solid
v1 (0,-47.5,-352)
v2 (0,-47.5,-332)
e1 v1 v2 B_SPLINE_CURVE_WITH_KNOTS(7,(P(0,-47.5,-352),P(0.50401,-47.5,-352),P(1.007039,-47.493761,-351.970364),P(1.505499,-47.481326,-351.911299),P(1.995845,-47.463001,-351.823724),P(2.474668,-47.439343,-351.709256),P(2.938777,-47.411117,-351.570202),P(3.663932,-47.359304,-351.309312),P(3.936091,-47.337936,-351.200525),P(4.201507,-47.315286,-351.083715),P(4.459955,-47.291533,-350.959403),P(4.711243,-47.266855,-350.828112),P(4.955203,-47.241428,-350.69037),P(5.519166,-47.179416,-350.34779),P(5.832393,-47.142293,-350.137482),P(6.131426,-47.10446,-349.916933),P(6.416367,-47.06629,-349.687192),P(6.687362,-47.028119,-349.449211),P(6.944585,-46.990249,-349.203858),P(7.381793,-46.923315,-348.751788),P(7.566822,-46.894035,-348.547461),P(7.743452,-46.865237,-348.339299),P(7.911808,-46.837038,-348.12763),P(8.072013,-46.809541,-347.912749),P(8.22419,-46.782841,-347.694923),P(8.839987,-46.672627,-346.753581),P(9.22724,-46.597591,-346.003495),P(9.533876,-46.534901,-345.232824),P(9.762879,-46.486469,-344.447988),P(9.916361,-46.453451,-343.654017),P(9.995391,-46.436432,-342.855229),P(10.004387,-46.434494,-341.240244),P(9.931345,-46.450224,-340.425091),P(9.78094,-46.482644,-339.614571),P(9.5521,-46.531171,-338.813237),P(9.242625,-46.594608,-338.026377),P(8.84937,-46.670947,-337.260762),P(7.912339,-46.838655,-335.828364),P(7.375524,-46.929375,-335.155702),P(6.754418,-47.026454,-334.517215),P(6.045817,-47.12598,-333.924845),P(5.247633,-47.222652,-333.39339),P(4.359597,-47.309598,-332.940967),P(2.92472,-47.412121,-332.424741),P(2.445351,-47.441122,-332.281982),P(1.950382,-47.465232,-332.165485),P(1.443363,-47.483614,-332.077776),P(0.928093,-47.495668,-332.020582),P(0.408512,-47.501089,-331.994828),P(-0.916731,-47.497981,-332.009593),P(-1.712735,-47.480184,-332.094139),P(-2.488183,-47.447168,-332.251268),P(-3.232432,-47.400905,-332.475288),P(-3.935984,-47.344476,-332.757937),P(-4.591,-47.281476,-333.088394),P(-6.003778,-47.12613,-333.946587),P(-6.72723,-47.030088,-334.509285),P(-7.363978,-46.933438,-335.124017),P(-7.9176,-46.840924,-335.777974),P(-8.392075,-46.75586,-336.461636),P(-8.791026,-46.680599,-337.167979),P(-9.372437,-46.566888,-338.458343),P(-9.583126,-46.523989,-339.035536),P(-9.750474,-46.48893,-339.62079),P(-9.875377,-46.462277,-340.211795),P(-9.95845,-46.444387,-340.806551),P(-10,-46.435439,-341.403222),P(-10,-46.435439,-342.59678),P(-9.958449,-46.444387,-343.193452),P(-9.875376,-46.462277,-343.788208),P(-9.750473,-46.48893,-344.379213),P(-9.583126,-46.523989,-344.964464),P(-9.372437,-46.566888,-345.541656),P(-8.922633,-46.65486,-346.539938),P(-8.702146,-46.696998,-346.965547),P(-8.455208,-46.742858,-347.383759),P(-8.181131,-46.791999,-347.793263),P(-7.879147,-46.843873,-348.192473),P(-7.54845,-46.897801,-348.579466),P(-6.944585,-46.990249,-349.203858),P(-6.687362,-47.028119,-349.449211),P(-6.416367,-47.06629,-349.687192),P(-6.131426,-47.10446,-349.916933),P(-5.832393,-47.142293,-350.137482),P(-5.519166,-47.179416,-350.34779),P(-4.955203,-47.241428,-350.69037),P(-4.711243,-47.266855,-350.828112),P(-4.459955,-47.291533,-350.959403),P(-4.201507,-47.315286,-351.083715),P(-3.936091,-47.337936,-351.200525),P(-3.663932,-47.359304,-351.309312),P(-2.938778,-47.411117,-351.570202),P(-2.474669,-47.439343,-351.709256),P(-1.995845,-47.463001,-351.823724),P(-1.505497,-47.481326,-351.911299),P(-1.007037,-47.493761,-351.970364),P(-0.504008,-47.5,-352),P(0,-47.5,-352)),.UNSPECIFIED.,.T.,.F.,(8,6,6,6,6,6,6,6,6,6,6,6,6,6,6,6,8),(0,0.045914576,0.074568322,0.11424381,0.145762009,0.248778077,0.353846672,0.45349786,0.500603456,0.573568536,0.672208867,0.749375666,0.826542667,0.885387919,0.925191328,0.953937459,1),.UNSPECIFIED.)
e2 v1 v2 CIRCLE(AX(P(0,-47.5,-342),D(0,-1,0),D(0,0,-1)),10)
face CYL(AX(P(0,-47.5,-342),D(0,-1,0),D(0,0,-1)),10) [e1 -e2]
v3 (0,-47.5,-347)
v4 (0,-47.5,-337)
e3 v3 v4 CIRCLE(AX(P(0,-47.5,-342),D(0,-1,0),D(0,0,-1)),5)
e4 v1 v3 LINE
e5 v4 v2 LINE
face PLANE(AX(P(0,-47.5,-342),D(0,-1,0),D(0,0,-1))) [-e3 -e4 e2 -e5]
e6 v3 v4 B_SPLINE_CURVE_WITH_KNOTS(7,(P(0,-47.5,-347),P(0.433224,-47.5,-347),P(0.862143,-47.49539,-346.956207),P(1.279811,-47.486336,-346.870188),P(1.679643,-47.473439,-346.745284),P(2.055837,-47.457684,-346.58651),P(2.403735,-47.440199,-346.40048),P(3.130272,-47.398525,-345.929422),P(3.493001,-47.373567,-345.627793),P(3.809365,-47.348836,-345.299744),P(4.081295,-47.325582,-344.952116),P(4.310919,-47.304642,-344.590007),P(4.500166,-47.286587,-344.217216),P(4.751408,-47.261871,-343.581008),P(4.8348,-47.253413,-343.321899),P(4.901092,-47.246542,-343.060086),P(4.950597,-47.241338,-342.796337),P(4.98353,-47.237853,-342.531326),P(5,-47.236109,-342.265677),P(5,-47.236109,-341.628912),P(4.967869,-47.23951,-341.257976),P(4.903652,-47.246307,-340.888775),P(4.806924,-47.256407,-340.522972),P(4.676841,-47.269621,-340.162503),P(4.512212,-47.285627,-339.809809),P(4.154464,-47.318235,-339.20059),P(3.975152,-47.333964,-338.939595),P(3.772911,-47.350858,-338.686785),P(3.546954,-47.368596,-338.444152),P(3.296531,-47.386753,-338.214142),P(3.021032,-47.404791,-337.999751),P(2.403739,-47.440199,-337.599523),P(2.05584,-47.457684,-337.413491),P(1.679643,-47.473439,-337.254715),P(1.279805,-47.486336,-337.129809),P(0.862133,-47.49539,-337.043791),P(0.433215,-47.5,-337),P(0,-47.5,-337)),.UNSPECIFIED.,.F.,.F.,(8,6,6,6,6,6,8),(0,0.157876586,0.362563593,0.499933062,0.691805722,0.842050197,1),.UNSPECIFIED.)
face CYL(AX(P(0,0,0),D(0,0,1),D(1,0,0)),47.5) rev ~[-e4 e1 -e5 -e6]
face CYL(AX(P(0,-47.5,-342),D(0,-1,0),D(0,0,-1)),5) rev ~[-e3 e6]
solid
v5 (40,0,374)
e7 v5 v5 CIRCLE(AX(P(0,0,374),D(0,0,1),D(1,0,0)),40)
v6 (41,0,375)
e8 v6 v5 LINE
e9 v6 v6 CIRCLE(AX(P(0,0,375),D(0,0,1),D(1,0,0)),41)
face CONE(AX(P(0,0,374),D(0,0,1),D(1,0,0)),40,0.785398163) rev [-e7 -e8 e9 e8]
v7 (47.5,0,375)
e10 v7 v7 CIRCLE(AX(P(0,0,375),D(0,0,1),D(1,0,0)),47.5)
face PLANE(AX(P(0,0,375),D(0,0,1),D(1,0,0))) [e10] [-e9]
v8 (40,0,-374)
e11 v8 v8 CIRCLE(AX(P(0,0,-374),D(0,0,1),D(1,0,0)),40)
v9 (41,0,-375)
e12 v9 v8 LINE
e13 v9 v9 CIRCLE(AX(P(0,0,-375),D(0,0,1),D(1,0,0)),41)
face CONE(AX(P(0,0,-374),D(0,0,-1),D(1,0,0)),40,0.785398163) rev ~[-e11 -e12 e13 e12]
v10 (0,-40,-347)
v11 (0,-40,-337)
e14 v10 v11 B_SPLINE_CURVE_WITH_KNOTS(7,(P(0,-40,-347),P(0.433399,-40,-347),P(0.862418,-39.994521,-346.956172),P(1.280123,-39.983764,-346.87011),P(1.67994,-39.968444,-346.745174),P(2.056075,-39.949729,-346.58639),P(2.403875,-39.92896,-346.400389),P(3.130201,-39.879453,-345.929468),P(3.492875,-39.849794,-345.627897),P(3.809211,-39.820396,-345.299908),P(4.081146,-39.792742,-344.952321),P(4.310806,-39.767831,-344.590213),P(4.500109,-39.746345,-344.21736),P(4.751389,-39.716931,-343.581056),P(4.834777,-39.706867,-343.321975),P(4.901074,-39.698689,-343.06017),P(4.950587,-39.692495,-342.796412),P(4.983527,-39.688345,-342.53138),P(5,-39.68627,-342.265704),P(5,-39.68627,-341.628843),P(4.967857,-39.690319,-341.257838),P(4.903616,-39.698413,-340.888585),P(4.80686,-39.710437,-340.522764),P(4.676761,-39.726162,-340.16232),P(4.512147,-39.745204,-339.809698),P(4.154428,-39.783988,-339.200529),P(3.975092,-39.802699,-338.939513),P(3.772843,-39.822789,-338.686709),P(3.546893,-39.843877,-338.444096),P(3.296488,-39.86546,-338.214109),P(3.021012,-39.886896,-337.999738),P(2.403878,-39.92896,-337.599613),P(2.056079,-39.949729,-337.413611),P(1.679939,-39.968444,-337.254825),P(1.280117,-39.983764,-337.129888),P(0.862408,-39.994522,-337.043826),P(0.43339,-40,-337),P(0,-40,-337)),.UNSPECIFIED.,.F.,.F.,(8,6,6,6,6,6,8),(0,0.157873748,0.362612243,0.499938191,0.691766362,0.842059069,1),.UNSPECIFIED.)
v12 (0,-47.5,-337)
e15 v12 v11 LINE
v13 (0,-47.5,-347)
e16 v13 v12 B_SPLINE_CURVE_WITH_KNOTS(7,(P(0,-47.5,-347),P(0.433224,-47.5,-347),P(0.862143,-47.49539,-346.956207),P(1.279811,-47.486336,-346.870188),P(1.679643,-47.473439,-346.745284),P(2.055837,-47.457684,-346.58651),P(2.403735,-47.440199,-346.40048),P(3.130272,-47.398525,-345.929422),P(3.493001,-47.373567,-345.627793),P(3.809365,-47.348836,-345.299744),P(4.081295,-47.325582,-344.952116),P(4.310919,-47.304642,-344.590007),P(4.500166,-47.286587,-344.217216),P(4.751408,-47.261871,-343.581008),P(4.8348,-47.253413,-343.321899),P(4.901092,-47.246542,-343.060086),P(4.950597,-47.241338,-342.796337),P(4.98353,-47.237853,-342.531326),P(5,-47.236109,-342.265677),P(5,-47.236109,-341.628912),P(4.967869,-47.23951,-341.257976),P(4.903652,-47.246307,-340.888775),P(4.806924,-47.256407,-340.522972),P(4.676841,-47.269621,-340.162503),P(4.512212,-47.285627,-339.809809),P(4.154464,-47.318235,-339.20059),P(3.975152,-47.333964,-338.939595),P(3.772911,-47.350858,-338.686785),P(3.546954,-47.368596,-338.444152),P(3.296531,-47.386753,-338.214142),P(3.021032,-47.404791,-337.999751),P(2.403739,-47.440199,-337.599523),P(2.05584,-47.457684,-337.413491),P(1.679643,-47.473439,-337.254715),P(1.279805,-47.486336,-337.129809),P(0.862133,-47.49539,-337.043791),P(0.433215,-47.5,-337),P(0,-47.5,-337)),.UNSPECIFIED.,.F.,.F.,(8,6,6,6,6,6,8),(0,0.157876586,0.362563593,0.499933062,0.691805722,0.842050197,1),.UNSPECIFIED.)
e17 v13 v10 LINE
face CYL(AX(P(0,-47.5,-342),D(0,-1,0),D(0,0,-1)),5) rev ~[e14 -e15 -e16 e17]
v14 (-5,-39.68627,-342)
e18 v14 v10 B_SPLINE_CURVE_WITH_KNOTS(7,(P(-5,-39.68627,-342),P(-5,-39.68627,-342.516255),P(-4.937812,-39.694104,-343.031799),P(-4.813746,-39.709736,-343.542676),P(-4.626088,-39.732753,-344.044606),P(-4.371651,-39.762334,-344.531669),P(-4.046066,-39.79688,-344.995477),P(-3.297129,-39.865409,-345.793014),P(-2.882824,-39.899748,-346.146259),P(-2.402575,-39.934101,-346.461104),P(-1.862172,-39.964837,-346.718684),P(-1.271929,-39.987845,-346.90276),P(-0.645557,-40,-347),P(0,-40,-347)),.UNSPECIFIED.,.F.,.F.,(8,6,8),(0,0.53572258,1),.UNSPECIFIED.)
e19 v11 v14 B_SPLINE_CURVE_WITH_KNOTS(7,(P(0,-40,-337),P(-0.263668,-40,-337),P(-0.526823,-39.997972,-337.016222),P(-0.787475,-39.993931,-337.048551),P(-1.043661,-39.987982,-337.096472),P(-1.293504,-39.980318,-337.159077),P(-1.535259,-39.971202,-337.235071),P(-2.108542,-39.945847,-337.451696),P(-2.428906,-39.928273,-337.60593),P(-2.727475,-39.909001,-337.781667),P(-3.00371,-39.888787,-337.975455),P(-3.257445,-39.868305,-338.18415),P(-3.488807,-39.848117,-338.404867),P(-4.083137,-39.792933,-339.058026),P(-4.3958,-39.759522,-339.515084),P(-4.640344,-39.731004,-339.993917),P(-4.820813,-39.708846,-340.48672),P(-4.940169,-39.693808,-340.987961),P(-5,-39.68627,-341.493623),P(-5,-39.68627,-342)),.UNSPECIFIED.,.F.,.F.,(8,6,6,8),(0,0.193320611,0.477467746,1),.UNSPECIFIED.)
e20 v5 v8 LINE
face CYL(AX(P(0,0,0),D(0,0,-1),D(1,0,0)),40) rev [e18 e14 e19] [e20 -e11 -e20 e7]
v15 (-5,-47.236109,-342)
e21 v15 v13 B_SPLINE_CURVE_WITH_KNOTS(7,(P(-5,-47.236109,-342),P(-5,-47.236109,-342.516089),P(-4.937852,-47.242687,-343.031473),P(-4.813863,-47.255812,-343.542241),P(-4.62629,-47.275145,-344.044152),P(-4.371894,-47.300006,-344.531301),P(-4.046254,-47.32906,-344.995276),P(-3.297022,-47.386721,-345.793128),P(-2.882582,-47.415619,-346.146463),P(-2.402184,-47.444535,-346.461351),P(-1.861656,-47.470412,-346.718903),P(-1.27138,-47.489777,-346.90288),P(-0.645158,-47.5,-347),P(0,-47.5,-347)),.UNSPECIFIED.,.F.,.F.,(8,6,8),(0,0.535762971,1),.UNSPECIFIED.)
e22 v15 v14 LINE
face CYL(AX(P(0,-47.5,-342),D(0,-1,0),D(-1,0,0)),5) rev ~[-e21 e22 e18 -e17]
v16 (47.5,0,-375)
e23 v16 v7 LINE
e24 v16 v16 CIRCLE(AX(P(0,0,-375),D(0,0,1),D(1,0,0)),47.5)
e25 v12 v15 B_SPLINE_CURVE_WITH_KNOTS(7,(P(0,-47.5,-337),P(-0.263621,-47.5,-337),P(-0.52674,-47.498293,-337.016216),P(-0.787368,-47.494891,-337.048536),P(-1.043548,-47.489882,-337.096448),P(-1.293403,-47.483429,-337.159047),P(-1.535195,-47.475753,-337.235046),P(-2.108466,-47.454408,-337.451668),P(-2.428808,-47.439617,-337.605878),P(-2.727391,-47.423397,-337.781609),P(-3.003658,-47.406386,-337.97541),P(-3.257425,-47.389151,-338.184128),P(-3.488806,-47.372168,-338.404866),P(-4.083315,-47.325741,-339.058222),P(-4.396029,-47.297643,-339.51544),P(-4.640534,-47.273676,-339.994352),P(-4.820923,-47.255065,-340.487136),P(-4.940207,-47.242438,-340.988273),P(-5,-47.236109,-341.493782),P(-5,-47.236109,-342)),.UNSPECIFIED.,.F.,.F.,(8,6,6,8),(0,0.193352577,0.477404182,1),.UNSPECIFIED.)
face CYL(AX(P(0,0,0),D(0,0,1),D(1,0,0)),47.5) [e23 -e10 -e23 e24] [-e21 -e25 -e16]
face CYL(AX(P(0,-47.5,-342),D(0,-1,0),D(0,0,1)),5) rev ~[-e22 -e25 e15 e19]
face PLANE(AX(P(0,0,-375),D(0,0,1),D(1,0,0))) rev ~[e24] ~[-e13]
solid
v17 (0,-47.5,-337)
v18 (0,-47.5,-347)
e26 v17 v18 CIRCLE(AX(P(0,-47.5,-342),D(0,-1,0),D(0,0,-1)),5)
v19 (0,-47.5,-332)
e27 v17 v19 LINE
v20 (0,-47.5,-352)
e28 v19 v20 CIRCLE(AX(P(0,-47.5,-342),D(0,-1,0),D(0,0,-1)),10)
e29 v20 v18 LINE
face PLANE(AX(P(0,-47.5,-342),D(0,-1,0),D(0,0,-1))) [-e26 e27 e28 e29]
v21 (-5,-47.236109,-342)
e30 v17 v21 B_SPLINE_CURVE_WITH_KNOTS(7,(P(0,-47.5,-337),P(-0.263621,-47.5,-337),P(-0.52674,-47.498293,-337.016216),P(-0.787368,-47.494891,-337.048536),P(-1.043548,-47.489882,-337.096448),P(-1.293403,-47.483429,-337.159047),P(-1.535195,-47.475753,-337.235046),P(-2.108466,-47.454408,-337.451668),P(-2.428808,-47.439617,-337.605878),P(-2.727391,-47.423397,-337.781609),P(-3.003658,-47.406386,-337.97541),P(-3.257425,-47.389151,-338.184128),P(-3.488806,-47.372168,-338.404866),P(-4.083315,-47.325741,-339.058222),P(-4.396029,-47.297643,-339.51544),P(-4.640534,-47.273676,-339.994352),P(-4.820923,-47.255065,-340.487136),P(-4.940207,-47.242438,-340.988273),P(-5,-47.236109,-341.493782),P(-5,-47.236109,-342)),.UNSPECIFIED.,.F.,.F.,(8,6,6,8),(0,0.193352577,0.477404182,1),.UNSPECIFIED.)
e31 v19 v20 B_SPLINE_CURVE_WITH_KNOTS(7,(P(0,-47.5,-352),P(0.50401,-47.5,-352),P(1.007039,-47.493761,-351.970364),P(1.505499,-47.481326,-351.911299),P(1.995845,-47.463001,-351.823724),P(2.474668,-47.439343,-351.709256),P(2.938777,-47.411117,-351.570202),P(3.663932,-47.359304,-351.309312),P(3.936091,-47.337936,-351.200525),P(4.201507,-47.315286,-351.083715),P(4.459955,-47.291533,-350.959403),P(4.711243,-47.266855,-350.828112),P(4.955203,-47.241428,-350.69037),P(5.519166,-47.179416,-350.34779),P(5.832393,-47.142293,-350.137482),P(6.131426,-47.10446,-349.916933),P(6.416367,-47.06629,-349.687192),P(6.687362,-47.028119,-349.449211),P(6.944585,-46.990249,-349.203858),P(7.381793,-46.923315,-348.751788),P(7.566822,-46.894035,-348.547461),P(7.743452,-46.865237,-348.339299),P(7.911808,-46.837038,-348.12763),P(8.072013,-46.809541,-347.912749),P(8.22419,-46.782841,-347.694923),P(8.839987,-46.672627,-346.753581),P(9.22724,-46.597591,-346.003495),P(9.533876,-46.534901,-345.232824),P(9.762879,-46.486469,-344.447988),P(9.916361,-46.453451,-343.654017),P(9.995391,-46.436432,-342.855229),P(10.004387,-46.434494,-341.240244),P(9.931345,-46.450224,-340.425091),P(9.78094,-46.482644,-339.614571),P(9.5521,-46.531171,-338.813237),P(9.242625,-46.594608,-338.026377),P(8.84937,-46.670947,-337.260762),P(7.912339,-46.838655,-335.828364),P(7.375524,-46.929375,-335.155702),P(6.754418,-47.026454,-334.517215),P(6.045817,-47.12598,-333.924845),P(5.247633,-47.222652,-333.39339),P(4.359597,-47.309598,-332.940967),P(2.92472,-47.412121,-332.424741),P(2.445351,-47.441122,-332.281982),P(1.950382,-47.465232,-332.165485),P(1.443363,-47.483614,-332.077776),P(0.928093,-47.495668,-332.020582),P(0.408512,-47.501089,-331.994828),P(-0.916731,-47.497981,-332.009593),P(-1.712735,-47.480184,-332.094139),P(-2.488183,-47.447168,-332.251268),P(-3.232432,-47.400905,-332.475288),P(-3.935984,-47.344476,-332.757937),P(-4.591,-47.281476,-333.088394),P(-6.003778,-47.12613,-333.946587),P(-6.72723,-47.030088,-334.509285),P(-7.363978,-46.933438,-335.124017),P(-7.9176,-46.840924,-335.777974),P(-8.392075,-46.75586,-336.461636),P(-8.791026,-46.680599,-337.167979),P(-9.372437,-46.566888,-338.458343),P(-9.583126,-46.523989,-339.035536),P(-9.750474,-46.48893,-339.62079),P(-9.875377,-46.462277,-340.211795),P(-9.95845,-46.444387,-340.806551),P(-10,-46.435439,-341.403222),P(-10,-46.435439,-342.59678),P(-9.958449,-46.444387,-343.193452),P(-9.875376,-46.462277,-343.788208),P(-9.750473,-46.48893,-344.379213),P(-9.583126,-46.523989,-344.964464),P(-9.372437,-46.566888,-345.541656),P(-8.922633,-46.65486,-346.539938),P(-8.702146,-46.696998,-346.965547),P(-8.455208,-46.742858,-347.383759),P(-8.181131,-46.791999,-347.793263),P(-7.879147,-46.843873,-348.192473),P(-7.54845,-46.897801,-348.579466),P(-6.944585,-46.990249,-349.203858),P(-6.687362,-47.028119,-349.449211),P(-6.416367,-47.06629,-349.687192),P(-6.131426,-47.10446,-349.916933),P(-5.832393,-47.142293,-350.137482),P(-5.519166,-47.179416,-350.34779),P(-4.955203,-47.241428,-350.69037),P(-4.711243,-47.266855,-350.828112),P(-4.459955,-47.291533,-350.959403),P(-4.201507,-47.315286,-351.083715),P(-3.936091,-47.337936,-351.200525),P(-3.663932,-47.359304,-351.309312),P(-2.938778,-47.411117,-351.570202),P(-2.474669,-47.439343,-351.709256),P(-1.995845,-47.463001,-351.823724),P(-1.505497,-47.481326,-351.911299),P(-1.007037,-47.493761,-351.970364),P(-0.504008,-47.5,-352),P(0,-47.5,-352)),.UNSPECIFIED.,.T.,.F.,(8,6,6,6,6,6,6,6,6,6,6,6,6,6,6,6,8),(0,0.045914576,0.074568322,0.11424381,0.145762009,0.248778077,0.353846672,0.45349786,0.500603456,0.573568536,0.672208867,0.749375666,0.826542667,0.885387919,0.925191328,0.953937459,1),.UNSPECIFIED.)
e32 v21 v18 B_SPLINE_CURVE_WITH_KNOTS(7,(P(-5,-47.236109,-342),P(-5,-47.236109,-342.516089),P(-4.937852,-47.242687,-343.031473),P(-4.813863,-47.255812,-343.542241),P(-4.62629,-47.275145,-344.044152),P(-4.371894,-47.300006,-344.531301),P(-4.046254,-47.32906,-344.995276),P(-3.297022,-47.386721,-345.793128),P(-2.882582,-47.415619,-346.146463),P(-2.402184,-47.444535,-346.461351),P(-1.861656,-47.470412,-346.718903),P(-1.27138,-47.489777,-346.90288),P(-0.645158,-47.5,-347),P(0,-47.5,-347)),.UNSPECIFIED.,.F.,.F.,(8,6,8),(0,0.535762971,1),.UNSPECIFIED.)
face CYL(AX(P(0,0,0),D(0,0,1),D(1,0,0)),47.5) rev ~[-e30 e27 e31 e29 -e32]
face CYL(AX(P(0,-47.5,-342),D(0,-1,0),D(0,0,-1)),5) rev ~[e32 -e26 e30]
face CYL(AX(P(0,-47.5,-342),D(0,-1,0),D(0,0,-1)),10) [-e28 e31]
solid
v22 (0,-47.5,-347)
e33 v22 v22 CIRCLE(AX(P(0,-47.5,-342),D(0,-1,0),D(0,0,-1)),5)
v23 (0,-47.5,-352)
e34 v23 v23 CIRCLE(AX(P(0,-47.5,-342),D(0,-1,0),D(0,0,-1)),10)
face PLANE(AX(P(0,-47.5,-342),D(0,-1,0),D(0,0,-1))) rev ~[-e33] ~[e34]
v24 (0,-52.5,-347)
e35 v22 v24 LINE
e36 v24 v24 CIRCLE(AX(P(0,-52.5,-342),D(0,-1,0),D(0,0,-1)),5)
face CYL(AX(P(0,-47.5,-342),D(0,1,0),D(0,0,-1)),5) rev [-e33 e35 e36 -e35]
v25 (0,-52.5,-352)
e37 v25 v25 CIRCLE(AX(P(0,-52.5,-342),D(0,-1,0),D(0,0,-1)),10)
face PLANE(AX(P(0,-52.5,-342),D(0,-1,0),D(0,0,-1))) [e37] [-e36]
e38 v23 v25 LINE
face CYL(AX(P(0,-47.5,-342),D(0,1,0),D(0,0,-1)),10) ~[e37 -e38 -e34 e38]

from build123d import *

# Parameters (mm, degrees)
SKETCH1_R           = 47.5
SKETCH1_R_2         = 40
BOSS_EXTRUDE1_DEPTH = 375
CUT_EXTRUDE1_DEPTH  = 20
SKETCH3_R           = 10
SKETCH3_R_2         = 5
BOSS_EXTRUDE2_DEPTH = 5
BOSS_EXTRUDE3_REACH = 391.752
SKETCH4_R           = 10
SKETCH4_R_2         = 5
CHAMFER1_SIZE       = 1


with BuildPart() as part:
    # Sketch1 → Boss-Extrude1 (new, symmetric)
    with BuildSketch(Plane.XY):
        Circle(SKETCH1_R)
        Circle(SKETCH1_R_2, mode=Mode.SUBTRACT)
    extrude(amount=BOSS_EXTRUDE1_DEPTH, both=True)

    # Sketch2 → Cut-Extrude1 (cut)
    with BuildSketch(Plane(origin=(0, -47.5, 0), x_dir=(-1, 0, 0), z_dir=(0, -1, 0))):
        with BuildLine():
            ThreePointArc((5, 342), (3.535533906, 345.535533906), (0, 347))
            Line((0, 347), (0, 342))
            Line((0, 342), (0, 337))
            ThreePointArc((0, 337), (3.535533906, 338.464466094), (5, 342))
        make_face()
        with BuildLine():
            Line((0, 342), (0, 347))
            ThreePointArc((0, 347), (-5, 342), (0, 337))
            Line((0, 337), (0, 342))
        make_face()
    extrude(amount=-CUT_EXTRUDE1_DEPTH, mode=Mode.SUBTRACT)


with BuildPart() as body_2:
    # Sketch3 → Boss-Extrude2 (new body)
    with BuildSketch(Plane(origin=(0, -47.5, 0), x_dir=(-1, 0, 0), z_dir=(0, -1, 0))):
        with Locations(Location((0, 342, 0), (0, 0, 90))):
            Circle(SKETCH3_R)
        with Locations(Location((0, 342, 0), (0, 0, 90))):
            Circle(SKETCH3_R_2, mode=Mode.SUBTRACT)
    extrude(amount=BOSS_EXTRUDE2_DEPTH)


with BuildPart() as body_3:

    # Sketch4 → Boss-Extrude3 (new, up to next)
    with BuildSketch(Plane(origin=(0, -47.5, 0), x_dir=(-1, 0, 0), z_dir=(0, -1, 0)), mode=Mode.PRIVATE) as boss_extrude3_sk1:
        with Locations(Location((0, 342, 0), (0, 0, 90))):
            Circle(SKETCH4_R)
        with Locations(Location((0, 342, 0), (0, 0, 90))):
            Circle(SKETCH4_R_2, mode=Mode.SUBTRACT)
    boss_extrude3_tool1 = extrude(boss_extrude3_sk1.sketch, amount=-BOSS_EXTRUDE3_REACH, mode=Mode.PRIVATE) - part.part
    add(boss_extrude3_tool1.solids().sort_by_distance((0, -47.5, -332.282843))[0])
    add(boss_extrude3_tool1.solids().sort_by_distance((0, -47.5, -332.282843))[1])


with BuildPart() as part_1:
    add(part.part)

    # Chamfer1
    chamfer1_edges = [part_1.edges().sort_by_distance(p)[0] for p in [
        (-40, 0, -375),
        (-40, 0, 375),
    ]]
    chamfer(chamfer1_edges, length=CHAMFER1_SIZE)


solid = Compound([body_2.part, body_3.part, part_1.part])
